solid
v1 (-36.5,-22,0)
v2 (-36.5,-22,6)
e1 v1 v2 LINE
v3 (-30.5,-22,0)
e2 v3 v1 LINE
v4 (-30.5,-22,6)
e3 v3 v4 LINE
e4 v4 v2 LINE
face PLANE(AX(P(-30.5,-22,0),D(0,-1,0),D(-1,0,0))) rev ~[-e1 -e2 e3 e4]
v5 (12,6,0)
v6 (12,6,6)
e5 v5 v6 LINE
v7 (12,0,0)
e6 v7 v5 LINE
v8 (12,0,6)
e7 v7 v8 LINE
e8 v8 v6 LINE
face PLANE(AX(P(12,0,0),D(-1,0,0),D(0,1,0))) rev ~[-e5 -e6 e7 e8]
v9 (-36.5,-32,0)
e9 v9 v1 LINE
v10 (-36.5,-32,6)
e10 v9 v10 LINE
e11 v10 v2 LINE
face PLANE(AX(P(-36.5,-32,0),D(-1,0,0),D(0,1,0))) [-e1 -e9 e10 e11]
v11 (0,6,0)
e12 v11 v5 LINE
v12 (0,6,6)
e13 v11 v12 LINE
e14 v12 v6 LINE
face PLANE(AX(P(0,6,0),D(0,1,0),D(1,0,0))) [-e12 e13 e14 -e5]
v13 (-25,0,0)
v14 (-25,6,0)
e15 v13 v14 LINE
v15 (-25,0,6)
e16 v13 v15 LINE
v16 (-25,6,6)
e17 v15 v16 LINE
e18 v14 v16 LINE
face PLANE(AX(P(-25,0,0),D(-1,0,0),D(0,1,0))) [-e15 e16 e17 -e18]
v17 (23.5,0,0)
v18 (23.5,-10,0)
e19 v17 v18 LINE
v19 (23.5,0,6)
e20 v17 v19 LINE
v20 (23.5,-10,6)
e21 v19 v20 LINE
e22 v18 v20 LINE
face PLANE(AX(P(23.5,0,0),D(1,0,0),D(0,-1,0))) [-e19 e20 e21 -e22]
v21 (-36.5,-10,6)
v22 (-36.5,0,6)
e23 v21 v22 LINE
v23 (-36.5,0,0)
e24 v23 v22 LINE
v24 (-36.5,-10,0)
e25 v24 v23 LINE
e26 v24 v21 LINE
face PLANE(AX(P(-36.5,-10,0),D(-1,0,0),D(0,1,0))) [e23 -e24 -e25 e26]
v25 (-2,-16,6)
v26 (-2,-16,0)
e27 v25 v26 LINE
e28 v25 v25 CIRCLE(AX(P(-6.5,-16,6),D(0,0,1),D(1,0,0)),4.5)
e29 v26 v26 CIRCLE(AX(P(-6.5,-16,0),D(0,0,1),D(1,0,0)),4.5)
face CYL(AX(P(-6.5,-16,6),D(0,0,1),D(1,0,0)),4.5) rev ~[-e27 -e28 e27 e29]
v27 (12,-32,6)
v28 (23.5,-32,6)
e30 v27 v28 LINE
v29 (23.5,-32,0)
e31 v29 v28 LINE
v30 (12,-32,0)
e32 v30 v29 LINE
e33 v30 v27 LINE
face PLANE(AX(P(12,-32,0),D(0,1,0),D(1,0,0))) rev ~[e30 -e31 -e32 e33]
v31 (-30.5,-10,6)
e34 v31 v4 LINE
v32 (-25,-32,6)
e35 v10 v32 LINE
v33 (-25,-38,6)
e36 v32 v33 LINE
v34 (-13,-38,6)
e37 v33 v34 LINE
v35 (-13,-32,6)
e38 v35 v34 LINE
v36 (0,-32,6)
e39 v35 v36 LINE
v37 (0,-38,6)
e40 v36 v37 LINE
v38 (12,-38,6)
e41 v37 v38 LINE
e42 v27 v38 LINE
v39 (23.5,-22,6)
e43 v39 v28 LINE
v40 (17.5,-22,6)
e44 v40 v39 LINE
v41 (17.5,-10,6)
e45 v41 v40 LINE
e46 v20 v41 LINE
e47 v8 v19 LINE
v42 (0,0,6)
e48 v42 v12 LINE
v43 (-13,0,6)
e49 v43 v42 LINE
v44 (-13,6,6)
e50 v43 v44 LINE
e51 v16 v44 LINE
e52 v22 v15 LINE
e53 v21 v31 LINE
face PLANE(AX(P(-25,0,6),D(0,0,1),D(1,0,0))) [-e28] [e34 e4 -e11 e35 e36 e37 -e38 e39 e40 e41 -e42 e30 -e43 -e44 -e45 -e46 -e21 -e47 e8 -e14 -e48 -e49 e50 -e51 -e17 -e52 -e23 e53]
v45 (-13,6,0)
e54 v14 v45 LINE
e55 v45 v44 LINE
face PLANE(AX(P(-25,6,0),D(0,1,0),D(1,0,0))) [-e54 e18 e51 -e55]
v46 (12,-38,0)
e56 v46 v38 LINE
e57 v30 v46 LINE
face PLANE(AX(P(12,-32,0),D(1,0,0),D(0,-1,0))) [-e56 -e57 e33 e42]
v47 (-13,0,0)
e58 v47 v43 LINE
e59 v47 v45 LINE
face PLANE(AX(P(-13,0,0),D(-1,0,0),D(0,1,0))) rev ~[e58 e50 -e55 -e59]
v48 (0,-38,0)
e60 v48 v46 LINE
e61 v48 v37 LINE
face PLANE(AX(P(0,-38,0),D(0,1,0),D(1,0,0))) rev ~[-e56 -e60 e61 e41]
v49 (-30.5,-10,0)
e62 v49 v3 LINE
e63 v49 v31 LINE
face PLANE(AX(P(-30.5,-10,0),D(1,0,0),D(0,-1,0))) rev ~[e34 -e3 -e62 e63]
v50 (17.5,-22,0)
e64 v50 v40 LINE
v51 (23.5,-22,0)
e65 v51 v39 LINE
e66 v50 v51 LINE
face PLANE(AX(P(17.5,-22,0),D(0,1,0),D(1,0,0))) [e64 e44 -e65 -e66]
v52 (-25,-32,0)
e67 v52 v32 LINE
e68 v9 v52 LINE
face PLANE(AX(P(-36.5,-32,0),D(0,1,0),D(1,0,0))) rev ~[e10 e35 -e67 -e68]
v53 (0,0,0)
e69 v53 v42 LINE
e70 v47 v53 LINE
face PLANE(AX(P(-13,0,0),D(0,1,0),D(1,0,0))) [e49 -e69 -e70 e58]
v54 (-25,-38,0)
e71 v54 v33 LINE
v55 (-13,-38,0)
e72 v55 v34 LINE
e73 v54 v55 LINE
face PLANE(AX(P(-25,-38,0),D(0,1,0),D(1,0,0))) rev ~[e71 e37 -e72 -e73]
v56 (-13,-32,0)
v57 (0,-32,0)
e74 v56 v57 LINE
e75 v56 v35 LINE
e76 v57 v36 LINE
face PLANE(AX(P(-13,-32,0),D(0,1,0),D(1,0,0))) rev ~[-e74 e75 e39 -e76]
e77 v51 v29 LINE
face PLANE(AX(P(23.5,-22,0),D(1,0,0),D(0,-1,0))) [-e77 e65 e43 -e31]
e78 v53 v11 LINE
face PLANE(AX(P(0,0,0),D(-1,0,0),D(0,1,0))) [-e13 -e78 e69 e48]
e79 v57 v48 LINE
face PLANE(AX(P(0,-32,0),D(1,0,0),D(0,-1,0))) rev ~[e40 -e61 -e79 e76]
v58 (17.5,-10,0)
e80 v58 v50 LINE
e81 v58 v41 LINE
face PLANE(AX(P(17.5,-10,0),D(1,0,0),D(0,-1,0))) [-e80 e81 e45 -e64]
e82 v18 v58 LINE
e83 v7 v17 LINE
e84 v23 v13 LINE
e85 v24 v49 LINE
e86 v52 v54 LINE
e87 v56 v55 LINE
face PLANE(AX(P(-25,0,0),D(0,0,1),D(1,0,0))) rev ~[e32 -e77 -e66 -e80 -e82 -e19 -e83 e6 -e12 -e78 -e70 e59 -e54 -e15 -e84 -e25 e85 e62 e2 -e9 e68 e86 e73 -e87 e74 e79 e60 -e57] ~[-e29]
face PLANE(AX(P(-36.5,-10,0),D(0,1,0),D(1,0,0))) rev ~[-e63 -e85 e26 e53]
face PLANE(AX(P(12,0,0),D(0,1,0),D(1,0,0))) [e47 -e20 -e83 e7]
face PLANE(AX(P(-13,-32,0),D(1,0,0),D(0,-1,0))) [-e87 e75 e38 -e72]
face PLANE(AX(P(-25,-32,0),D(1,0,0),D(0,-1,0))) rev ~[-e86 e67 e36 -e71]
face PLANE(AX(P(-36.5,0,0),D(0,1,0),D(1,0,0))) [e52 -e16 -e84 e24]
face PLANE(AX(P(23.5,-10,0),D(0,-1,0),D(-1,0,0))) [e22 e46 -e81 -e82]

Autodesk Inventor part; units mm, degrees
ref_plane "YZ Plane" through (0, 0, 0) normal (1, 0, 0) x (0, 1, 0)
ref_plane "XZ Plane" through (0, 0, 0) normal (0, 1, 0) x (-1, 0, 0)
ref_plane "XY Plane" through (0, 0, 0) normal (0, 0, 1) x (1, 0, 0)
ref_plane "Work Plane1" through (-25, 0, 0) normal (0, 0, 1) x (1, 0, 0)
sketch "Sketch1" plane through (-25, 0, 0) normal (0, 0, 1) x (1, 0, 0)
  line L0 (25, 6) -> (37, 6)
  line L1 (25, 0) -> (25, 6)
  line L2 (37, 0) -> (25, 0)
  line L3 (37, 0) -> (37, 6)
  line L4 (0, 6) -> (12, 6)
  line L5 (0, 0) -> (0, 6)
  line L6 (12, 0) -> (0, 0)
  line L7 (12, 0) -> (12, 6)
  line L8 (-11.5, 0) -> (0, 0)
  line L9 (12, 0) -> (25, 0)
  line L10 (37, 0) -> (48.5, 0)
  line L11 (48.5, 0) -> (-11.5, 0)
  line L12 (-11.5, -32) -> (48.5, -32)
  line L13 (48.5, -10) -> (42.5, -10)
  line L14 (42.5, -10) -> (42.5, -22)
  line L15 (42.5, -22) -> (48.5, -22)
  line L16 (48.5, -22) -> (48.5, -10)
  line L17 (-11.5, -10) -> (-5.5, -10)
  line L18 (-5.5, -10) -> (-5.5, -22)
  line L19 (-5.5, -22) -> (-11.5, -22)
  line L20 (-11.5, -22) -> (-11.5, -10)
  line L21 (-11.5, 0) -> (-11.5, 6)
  line L22 (48.5, -16) -> (-11.5, -16) construction
  line L23 (25, -38) -> (37, -38)
  line L24 (25, -32) -> (25, -38)
  line L25 (37, -32) -> (25, -32)
  line L26 (37, -32) -> (37, -38)
  line L27 (0, -38) -> (12, -38)
  line L28 (0, -32) -> (0, -38)
  line L29 (12, -32) -> (0, -32)
  line L30 (12, -32) -> (12, -38)
  line L31 (12, -32) -> (25, -32)
  line L32 (48.5, 0) -> (48.5, -32)
  line L33 (-11.5, -32) -> (-11.5, 0)
  point P0 (42.5, -16)
  point P1 (-5.5, -16)
  point P2 (-11.5, -16)
  point P3 (-11.5, -16)
  point P4 (48.5, -16)
  dimension "d0" = 32
  dimension "d1" = 60
extrude "Plate1" add sketch "Sketch1" along normal blind 6 contours L0 L3 L2 L1 | L2 L10 L32 L13 L14 L15 L12 L33 L19 L18 L17 L8 L6 L9 | L6 L5 L4 L7 | L26 L23 L24 L12 | L12 L30 L27 L28
sketch "Sketch2" plane through (-25, 0, 6) normal (0, 0, 1) x (1, 0, 0)
  line L0 (-11.5, -10) -> (-5.5, -10) projected
  line L1 (-5.5, -10) -> (-5.5, -22) projected
  line L2 (-5.5, -22) -> (-11.5, -22) projected
  line L3 (-11.5, -32) -> (-11.5, -22) projected
  line L4 (0, -32) -> (-11.5, -32) projected
  line L5 (0, -38) -> (0, -32) projected
  line L6 (12, -38) -> (0, -38) projected
  line L7 (12, -32) -> (12, -38) projected
  line L8 (25, -32) -> (12, -32) projected
  line L9 (25, -38) -> (25, -32) projected
  line L10 (37, -38) -> (25, -38) projected
  line L11 (37, -32) -> (37, -38) projected
  line L12 (48.5, -32) -> (37, -32) projected
  line L13 (48.5, -22) -> (48.5, -32) projected
  line L14 (48.5, -22) -> (42.5, -22) projected
  line L15 (42.5, -22) -> (42.5, -10) projected
  line L16 (42.5, -10) -> (48.5, -10) projected
  line L17 (48.5, 0) -> (48.5, -10) projected
  line L18 (37, 0) -> (48.5, 0) projected
  line L19 (37, 6) -> (37, 0) projected
  line L20 (25, 6) -> (37, 6) projected
  line L21 (25, 0) -> (25, 6) projected
  line L22 (12, 0) -> (25, 0) projected
  line L23 (12, 6) -> (12, 0) projected
  line L24 (0, 6) -> (12, 6) projected
  line L25 (0, 0) -> (0, 6) projected
  line L26 (-11.5, 0) -> (0, 0) projected
  line L27 (-11.5, -10) -> (-11.5, 0) projected
  circle A0 centre (18.5, -16) radius 4.5
  point P0 (18.5, -32)
  point P1 (-5.5, -16)
  dimension "d3" = 9
extrude "Cut1" cut sketch "Sketch2" against normal blind 6 contours A0
equation "\"d4\" = Thickness"
equation "\"d2\" = Thickness"
equation "\"BendRadius\" = Thickness"
equation "\"BendReliefWidth\" = Thickness"
equation "\"BendReliefDepth\" = 0.5 * Thickness"
equation "\"CornerReliefSize\" = 4 * Thickness"
equation "\"MinimumRemnant\" = 2 * Thickness"
equation "\"TransitionRadius\" = BendRadius"
equation "\"JacobiRadiusSize\" = BendRadius"
equation "\"GapSize\" = Thickness"
equation "\"Thickness\" = 6"
properties part number "zijkant knoppendoosje" material "Wood (Birch)"
